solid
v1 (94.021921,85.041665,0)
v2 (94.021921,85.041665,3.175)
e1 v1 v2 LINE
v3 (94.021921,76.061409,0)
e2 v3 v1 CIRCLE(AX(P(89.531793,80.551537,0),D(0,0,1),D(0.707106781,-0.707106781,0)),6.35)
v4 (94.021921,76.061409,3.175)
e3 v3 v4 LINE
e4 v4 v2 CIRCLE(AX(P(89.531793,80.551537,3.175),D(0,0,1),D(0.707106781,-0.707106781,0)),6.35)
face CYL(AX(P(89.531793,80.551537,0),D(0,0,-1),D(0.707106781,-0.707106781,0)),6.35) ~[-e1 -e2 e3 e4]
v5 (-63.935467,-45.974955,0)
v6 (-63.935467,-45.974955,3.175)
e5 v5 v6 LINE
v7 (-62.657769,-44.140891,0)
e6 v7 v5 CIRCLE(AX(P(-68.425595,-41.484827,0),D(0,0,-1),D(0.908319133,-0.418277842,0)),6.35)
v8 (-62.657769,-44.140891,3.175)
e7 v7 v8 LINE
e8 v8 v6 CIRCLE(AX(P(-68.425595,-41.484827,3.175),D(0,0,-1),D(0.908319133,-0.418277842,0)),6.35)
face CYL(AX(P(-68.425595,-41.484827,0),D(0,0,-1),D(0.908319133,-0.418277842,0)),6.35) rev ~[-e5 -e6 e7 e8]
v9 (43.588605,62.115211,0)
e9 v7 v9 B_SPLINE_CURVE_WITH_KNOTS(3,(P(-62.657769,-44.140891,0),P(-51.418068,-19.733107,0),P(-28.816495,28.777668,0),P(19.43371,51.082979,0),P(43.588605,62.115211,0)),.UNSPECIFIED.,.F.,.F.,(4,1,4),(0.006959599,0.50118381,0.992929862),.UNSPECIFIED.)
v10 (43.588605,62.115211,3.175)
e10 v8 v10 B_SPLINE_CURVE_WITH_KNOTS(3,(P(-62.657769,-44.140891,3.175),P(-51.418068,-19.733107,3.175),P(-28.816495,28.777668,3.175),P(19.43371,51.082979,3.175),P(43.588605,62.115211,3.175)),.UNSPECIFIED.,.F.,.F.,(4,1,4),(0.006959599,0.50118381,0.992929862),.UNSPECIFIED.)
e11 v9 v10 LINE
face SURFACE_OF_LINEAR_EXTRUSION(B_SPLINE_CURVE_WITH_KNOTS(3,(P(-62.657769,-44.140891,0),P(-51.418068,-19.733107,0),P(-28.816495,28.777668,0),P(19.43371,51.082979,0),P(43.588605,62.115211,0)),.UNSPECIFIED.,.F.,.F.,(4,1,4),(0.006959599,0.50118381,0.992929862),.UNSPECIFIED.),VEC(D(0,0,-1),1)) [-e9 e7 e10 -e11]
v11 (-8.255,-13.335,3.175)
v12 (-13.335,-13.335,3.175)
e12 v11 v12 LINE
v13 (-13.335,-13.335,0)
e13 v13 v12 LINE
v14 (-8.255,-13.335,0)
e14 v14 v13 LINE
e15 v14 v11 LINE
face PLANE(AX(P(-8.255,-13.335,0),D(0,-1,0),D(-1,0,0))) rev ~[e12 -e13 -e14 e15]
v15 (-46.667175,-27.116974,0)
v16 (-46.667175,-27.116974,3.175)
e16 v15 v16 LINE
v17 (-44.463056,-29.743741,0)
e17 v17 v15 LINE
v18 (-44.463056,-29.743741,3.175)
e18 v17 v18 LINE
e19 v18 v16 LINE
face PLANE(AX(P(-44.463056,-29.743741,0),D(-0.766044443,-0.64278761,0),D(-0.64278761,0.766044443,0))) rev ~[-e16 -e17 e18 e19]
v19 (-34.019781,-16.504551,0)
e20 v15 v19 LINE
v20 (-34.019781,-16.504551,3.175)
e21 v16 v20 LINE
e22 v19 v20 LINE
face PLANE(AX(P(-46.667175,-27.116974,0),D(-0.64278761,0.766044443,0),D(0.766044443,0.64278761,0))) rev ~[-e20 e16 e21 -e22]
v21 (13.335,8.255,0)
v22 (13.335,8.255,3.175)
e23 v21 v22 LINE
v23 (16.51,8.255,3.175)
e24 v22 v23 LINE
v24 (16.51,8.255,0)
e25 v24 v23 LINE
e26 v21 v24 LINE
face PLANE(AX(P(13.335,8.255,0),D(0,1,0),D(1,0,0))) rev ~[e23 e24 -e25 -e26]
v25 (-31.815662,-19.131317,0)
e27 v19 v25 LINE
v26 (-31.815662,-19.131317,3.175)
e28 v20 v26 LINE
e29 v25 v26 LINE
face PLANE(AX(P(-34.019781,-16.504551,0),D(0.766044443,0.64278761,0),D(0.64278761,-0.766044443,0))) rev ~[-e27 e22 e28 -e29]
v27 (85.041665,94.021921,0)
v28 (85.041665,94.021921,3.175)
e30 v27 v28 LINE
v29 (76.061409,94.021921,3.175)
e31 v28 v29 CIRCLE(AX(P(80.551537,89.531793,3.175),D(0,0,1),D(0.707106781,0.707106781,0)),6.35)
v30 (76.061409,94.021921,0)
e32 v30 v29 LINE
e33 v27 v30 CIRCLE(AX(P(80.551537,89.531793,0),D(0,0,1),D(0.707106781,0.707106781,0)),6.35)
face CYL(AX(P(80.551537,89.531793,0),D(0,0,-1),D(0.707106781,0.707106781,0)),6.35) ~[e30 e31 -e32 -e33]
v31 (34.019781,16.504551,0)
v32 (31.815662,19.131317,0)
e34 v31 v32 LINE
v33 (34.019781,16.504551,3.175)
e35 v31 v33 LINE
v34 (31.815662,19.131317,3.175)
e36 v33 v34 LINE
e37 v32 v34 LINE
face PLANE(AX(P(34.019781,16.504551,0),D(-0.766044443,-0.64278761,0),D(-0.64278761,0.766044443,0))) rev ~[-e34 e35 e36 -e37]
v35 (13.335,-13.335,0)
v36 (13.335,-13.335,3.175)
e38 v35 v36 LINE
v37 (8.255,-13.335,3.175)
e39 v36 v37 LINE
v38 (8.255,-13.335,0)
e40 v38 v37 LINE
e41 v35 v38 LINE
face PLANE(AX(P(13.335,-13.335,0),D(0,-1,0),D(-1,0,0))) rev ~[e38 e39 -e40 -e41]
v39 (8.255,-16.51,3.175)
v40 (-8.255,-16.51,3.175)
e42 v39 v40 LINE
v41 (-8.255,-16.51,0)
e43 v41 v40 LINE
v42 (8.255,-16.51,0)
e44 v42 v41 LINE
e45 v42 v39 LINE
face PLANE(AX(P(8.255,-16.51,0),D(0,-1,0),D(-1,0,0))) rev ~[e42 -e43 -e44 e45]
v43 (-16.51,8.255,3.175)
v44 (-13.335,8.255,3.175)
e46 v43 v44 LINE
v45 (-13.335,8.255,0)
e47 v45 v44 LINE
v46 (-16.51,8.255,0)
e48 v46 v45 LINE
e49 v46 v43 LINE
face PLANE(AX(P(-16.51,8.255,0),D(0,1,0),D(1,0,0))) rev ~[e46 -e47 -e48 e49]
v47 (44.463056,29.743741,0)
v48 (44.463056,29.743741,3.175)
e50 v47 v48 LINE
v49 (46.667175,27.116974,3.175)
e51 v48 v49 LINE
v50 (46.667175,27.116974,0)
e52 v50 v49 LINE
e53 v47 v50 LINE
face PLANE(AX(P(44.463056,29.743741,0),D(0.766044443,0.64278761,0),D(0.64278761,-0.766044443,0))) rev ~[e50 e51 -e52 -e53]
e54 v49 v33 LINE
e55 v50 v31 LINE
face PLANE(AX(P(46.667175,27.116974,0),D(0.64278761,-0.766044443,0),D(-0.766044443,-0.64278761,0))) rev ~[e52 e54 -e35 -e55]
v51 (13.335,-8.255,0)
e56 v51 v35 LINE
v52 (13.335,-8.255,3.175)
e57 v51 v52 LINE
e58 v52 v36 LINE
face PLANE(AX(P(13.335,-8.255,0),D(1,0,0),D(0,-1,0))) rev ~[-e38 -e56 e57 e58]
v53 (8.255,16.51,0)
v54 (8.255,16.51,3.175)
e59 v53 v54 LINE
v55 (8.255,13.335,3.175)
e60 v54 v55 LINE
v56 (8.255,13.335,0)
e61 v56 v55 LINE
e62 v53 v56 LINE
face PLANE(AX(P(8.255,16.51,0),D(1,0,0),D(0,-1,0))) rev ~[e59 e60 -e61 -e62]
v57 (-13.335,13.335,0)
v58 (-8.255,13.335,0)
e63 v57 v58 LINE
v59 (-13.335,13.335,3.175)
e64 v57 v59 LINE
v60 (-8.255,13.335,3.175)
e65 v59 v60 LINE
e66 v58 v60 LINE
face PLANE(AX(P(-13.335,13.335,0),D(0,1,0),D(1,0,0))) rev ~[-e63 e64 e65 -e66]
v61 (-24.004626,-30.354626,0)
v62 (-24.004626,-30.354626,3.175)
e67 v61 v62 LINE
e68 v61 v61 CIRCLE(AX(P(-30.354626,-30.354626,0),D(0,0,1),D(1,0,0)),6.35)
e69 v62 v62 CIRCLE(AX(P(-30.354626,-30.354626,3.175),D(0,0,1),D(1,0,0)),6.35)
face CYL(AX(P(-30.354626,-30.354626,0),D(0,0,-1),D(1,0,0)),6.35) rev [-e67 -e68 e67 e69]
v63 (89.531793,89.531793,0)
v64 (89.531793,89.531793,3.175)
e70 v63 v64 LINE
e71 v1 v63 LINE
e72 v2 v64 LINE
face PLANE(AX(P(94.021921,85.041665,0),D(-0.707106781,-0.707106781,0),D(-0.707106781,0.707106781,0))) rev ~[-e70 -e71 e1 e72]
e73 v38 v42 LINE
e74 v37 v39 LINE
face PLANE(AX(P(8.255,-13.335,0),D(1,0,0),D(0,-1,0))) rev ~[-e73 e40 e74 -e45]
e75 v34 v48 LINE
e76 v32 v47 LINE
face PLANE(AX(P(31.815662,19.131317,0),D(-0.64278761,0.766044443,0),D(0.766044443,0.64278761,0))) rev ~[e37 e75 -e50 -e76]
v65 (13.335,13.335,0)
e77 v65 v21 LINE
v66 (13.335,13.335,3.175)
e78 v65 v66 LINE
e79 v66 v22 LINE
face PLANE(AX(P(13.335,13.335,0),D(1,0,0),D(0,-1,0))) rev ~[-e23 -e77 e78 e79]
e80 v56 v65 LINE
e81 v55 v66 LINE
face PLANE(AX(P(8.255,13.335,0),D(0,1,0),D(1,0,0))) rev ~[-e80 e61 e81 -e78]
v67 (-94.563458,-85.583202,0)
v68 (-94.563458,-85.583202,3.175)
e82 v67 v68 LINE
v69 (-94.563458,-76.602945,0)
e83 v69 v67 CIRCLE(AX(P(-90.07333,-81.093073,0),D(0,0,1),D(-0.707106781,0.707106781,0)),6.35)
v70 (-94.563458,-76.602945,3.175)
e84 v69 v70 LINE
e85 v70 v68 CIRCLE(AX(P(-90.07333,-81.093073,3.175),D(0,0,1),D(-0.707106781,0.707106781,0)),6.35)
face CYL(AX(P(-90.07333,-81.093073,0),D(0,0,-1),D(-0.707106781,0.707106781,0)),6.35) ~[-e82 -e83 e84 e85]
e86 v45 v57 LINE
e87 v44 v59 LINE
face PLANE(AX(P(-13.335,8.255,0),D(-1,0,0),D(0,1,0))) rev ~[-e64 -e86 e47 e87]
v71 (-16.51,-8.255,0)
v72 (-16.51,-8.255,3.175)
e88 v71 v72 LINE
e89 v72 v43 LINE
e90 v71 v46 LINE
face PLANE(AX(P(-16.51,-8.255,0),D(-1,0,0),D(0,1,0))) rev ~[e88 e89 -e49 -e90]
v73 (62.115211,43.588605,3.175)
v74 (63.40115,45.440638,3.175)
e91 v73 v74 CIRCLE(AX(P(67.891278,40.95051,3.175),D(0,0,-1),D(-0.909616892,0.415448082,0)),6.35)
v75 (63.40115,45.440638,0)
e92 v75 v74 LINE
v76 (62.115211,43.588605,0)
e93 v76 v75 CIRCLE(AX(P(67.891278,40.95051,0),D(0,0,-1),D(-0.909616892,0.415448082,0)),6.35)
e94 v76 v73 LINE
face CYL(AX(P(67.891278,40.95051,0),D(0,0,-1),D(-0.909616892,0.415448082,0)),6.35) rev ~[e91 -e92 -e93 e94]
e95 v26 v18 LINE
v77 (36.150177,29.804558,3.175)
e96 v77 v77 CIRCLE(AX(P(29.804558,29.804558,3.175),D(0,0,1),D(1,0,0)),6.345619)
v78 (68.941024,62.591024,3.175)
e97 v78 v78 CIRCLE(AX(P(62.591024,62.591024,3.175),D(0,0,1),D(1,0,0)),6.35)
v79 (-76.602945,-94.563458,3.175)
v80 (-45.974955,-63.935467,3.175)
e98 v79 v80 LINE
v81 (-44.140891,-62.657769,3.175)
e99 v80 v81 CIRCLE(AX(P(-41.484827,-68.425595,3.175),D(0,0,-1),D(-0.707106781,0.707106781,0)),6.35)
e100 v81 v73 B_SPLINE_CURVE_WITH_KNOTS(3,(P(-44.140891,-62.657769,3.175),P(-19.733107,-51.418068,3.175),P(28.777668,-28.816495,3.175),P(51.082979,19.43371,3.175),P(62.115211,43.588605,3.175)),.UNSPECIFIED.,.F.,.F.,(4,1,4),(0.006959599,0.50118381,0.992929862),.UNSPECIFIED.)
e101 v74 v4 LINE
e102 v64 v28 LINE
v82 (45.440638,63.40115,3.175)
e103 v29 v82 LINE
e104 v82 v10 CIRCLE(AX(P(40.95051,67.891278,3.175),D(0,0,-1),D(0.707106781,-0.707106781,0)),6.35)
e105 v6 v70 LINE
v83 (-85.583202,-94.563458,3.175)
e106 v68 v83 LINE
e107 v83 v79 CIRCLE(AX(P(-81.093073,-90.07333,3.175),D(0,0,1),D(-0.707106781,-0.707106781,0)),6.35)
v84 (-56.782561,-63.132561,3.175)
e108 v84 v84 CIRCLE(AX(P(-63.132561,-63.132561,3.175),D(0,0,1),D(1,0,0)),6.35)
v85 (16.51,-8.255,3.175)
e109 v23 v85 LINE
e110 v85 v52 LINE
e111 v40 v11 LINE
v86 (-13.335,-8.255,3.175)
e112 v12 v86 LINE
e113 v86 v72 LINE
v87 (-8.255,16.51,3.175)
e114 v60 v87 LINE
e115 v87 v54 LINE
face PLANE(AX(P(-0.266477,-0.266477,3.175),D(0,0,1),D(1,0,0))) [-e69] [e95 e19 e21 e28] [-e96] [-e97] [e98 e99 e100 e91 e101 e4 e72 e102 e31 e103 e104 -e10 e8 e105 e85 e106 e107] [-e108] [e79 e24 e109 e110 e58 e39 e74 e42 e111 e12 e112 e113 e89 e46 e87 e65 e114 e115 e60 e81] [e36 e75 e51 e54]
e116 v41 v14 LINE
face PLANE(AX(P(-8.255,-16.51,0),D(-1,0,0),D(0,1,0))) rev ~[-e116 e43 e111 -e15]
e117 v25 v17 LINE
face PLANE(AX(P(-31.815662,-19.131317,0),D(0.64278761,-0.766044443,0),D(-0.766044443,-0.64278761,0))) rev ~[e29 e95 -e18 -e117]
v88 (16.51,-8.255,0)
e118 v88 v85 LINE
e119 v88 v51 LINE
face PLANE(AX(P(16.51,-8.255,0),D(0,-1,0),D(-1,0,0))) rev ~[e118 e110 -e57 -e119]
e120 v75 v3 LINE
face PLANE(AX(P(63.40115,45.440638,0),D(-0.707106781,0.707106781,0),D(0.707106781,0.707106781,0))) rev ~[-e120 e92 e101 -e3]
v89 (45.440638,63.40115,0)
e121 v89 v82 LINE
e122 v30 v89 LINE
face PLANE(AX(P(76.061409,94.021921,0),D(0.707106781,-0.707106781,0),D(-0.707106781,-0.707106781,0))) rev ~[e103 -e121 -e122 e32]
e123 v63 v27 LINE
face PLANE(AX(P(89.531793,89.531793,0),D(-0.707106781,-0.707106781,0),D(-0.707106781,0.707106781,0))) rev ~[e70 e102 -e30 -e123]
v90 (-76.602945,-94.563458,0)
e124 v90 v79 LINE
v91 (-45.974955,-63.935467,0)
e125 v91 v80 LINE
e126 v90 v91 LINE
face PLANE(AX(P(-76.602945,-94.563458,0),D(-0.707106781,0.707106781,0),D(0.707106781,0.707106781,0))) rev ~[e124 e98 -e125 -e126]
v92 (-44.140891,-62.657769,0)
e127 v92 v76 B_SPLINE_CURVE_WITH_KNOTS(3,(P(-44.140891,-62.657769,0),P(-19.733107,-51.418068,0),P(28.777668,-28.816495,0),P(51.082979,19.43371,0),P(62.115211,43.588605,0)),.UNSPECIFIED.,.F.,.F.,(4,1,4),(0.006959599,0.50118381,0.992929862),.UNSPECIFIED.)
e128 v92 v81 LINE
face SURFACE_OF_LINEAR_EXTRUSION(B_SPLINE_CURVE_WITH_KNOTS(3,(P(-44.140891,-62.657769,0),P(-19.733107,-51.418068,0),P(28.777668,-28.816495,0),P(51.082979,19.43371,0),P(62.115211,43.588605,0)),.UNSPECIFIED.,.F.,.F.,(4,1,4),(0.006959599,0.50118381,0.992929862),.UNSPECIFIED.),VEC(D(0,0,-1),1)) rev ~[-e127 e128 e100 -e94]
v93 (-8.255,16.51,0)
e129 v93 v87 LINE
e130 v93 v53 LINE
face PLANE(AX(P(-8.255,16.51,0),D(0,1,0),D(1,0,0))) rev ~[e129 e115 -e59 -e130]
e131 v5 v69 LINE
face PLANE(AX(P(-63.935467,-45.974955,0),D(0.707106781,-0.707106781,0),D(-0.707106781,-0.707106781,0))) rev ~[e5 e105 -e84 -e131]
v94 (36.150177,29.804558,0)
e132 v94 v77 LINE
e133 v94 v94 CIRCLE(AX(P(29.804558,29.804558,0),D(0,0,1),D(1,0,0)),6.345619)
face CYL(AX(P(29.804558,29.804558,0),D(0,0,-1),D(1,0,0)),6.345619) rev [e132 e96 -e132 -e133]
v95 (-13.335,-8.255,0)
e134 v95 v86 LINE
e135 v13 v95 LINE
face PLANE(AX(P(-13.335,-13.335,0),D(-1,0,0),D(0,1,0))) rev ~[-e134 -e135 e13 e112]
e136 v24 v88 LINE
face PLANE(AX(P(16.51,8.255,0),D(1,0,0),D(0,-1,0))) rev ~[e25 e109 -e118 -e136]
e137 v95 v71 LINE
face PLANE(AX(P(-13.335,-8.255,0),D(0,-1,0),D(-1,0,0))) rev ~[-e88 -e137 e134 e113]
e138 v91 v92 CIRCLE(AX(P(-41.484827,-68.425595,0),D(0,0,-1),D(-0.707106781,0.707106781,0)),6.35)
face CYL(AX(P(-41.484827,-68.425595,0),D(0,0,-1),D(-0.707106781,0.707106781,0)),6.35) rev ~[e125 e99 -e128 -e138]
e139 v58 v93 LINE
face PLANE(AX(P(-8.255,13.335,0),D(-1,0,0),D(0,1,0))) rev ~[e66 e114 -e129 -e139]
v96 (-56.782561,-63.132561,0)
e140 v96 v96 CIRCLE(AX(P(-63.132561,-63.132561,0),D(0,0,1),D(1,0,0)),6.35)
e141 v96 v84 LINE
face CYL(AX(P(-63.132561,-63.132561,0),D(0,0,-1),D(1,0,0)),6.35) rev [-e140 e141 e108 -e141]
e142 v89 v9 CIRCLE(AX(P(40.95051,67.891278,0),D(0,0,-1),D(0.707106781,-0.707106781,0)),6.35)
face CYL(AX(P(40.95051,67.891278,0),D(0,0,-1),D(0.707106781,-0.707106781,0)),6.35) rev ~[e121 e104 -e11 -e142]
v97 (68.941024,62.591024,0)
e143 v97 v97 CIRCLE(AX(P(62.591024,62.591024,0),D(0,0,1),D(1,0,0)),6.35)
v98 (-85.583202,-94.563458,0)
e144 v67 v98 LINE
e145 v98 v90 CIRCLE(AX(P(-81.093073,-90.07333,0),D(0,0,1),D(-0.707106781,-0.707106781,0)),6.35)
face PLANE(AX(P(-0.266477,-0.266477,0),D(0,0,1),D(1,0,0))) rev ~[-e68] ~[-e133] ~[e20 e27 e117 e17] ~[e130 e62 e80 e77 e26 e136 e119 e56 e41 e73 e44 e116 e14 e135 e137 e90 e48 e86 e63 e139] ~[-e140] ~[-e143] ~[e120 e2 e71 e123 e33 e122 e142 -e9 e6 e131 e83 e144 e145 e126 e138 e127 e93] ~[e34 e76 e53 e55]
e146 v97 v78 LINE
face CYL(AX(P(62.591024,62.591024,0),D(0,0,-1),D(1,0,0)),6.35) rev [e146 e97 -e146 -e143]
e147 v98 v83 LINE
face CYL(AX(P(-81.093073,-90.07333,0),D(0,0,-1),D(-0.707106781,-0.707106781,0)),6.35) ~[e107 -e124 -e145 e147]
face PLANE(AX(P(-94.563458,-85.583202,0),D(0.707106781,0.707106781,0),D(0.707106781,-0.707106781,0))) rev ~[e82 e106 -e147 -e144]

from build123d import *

# Parameters (mm, degrees)
F0_R     = 6.35
F0_R_2   = 6.3456189751
F1_DEPTH = 3.175


with BuildPart() as f1:
    # F0 (on Top) → F1 (new body)
    with BuildSketch(Plane.XY):
        with BuildLine():
            Line((94.021920908, 85.0416647869), (89.5317928475, 89.5317928475))
            Line((89.5317928475, 89.5317928475), (85.0416647869, 94.021920908))
            ThreePointArc((85.0416647869, 94.021920908), (80.5515367264, 95.8817928475), (76.0614086659, 94.021920908))
            Line((76.0614086659, 94.021920908), (45.4406379411, 63.4011501833))
            ThreePointArc((45.4406379411, 63.4011501833), (44.5721534378, 62.6753221527), (43.5886052016, 62.1152109764))
            add(Edge.make_bspline(
                [(-62.6577688011, -44.1408912278), (-51.418068027, -19.7331071402), (-28.816494863, 28.7776684856), (19.4337104978, 51.08297888), (43.5886052016, 62.1152109764)],
                knots=[0.0069595994, 0.0069595994, 0.0069595994, 0.0069595994, 0.5011838102, 0.9929298624, 0.9929298624, 0.9929298624, 0.9929298624], degree=3))
            ThreePointArc((-62.6577688011, -44.1408912278), (-63.215282887, -45.1145851352), (-63.9354672331, -45.974954991))
            Line((-63.9354672331, -45.974954991), (-94.5634576344, -76.6029453923))
            ThreePointArc((-94.5634576344, -76.6029453923), (-96.4233295739, -81.0930734528), (-94.5634576344, -85.5832015134))
            Line((-94.5634576344, -85.5832015134), (-90.0733295739, -90.0733295739))
            Line((-90.0733295739, -90.0733295739), (-85.5832015134, -94.5634576344))
            ThreePointArc((-85.5832015134, -94.5634576344), (-81.0930734528, -96.4233295739), (-76.6029453923, -94.5634576344))
            Line((-76.6029453923, -94.5634576344), (-45.974954991, -63.9354672331))
            ThreePointArc((-45.974954991, -63.9354672331), (-45.1145851352, -63.215282887), (-44.1408912278, -62.6577688011))
            add(Edge.make_bspline(
                [(-44.1408912278, -62.6577688011), (-19.7331071402, -51.418068027), (28.7776684856, -28.816494863), (51.08297888, 19.4337104978), (62.1152109764, 43.5886052016)],
                knots=[0.0069595994, 0.0069595994, 0.0069595994, 0.0069595994, 0.5011838102, 0.9929298624, 0.9929298624, 0.9929298624, 0.9929298624], degree=3))
            ThreePointArc((62.1152109764, 43.5886052016), (62.6753221527, 44.5721534378), (63.4011501833, 45.4406379411))
            Line((63.4011501833, 45.4406379411), (94.021920908, 76.0614086659))
            ThreePointArc((94.021920908, 76.0614086659), (95.8817928475, 80.5515367264), (94.021920908, 85.0416647869))
        make_face()
        with Locations((-63.1325612107, -63.1325612107)):
            Circle(F0_R, mode=Mode.SUBTRACT)
        with Locations((-30.3546263688, -30.3546263688)):
            Circle(F0_R, mode=Mode.SUBTRACT)
        Polygon((-31.8156620997, -19.131317284), (-44.4630558556, -29.74374072), (-46.6671745692, -27.1169743245), (-34.0197808133, -16.5045508886), align=None, mode=Mode.SUBTRACT)
        Polygon((13.335, -13.335), (8.255, -13.335), (8.255, -16.51), (-8.255, -16.51), (-8.255, -13.335), (-13.335, -13.335), (-13.335, -8.255), (-16.51, -8.255), (-16.51, 8.255), (-13.335, 8.255), (-13.335, 13.335), (-8.255, 13.335), (-8.255, 16.51), (8.255, 16.51), (8.255, 13.335), (13.335, 13.335), (13.335, 8.255), (16.51, 8.255), (16.51, -8.255), (13.335, -8.255), align=None, mode=Mode.SUBTRACT)
        Polygon((34.0197808133, 16.5045508886), (31.8156620997, 19.131317284), (44.4630558556, 29.74374072), (46.6671745692, 27.1169743245), align=None, mode=Mode.SUBTRACT)
        with Locations((29.8045584932, 29.8045584932)):
            Circle(F0_R_2, mode=Mode.SUBTRACT)
        with Locations((62.5910244843, 62.5910244843)):
            Circle(F0_R, mode=Mode.SUBTRACT)
    extrude(amount=F1_DEPTH)


solid = f1.part
